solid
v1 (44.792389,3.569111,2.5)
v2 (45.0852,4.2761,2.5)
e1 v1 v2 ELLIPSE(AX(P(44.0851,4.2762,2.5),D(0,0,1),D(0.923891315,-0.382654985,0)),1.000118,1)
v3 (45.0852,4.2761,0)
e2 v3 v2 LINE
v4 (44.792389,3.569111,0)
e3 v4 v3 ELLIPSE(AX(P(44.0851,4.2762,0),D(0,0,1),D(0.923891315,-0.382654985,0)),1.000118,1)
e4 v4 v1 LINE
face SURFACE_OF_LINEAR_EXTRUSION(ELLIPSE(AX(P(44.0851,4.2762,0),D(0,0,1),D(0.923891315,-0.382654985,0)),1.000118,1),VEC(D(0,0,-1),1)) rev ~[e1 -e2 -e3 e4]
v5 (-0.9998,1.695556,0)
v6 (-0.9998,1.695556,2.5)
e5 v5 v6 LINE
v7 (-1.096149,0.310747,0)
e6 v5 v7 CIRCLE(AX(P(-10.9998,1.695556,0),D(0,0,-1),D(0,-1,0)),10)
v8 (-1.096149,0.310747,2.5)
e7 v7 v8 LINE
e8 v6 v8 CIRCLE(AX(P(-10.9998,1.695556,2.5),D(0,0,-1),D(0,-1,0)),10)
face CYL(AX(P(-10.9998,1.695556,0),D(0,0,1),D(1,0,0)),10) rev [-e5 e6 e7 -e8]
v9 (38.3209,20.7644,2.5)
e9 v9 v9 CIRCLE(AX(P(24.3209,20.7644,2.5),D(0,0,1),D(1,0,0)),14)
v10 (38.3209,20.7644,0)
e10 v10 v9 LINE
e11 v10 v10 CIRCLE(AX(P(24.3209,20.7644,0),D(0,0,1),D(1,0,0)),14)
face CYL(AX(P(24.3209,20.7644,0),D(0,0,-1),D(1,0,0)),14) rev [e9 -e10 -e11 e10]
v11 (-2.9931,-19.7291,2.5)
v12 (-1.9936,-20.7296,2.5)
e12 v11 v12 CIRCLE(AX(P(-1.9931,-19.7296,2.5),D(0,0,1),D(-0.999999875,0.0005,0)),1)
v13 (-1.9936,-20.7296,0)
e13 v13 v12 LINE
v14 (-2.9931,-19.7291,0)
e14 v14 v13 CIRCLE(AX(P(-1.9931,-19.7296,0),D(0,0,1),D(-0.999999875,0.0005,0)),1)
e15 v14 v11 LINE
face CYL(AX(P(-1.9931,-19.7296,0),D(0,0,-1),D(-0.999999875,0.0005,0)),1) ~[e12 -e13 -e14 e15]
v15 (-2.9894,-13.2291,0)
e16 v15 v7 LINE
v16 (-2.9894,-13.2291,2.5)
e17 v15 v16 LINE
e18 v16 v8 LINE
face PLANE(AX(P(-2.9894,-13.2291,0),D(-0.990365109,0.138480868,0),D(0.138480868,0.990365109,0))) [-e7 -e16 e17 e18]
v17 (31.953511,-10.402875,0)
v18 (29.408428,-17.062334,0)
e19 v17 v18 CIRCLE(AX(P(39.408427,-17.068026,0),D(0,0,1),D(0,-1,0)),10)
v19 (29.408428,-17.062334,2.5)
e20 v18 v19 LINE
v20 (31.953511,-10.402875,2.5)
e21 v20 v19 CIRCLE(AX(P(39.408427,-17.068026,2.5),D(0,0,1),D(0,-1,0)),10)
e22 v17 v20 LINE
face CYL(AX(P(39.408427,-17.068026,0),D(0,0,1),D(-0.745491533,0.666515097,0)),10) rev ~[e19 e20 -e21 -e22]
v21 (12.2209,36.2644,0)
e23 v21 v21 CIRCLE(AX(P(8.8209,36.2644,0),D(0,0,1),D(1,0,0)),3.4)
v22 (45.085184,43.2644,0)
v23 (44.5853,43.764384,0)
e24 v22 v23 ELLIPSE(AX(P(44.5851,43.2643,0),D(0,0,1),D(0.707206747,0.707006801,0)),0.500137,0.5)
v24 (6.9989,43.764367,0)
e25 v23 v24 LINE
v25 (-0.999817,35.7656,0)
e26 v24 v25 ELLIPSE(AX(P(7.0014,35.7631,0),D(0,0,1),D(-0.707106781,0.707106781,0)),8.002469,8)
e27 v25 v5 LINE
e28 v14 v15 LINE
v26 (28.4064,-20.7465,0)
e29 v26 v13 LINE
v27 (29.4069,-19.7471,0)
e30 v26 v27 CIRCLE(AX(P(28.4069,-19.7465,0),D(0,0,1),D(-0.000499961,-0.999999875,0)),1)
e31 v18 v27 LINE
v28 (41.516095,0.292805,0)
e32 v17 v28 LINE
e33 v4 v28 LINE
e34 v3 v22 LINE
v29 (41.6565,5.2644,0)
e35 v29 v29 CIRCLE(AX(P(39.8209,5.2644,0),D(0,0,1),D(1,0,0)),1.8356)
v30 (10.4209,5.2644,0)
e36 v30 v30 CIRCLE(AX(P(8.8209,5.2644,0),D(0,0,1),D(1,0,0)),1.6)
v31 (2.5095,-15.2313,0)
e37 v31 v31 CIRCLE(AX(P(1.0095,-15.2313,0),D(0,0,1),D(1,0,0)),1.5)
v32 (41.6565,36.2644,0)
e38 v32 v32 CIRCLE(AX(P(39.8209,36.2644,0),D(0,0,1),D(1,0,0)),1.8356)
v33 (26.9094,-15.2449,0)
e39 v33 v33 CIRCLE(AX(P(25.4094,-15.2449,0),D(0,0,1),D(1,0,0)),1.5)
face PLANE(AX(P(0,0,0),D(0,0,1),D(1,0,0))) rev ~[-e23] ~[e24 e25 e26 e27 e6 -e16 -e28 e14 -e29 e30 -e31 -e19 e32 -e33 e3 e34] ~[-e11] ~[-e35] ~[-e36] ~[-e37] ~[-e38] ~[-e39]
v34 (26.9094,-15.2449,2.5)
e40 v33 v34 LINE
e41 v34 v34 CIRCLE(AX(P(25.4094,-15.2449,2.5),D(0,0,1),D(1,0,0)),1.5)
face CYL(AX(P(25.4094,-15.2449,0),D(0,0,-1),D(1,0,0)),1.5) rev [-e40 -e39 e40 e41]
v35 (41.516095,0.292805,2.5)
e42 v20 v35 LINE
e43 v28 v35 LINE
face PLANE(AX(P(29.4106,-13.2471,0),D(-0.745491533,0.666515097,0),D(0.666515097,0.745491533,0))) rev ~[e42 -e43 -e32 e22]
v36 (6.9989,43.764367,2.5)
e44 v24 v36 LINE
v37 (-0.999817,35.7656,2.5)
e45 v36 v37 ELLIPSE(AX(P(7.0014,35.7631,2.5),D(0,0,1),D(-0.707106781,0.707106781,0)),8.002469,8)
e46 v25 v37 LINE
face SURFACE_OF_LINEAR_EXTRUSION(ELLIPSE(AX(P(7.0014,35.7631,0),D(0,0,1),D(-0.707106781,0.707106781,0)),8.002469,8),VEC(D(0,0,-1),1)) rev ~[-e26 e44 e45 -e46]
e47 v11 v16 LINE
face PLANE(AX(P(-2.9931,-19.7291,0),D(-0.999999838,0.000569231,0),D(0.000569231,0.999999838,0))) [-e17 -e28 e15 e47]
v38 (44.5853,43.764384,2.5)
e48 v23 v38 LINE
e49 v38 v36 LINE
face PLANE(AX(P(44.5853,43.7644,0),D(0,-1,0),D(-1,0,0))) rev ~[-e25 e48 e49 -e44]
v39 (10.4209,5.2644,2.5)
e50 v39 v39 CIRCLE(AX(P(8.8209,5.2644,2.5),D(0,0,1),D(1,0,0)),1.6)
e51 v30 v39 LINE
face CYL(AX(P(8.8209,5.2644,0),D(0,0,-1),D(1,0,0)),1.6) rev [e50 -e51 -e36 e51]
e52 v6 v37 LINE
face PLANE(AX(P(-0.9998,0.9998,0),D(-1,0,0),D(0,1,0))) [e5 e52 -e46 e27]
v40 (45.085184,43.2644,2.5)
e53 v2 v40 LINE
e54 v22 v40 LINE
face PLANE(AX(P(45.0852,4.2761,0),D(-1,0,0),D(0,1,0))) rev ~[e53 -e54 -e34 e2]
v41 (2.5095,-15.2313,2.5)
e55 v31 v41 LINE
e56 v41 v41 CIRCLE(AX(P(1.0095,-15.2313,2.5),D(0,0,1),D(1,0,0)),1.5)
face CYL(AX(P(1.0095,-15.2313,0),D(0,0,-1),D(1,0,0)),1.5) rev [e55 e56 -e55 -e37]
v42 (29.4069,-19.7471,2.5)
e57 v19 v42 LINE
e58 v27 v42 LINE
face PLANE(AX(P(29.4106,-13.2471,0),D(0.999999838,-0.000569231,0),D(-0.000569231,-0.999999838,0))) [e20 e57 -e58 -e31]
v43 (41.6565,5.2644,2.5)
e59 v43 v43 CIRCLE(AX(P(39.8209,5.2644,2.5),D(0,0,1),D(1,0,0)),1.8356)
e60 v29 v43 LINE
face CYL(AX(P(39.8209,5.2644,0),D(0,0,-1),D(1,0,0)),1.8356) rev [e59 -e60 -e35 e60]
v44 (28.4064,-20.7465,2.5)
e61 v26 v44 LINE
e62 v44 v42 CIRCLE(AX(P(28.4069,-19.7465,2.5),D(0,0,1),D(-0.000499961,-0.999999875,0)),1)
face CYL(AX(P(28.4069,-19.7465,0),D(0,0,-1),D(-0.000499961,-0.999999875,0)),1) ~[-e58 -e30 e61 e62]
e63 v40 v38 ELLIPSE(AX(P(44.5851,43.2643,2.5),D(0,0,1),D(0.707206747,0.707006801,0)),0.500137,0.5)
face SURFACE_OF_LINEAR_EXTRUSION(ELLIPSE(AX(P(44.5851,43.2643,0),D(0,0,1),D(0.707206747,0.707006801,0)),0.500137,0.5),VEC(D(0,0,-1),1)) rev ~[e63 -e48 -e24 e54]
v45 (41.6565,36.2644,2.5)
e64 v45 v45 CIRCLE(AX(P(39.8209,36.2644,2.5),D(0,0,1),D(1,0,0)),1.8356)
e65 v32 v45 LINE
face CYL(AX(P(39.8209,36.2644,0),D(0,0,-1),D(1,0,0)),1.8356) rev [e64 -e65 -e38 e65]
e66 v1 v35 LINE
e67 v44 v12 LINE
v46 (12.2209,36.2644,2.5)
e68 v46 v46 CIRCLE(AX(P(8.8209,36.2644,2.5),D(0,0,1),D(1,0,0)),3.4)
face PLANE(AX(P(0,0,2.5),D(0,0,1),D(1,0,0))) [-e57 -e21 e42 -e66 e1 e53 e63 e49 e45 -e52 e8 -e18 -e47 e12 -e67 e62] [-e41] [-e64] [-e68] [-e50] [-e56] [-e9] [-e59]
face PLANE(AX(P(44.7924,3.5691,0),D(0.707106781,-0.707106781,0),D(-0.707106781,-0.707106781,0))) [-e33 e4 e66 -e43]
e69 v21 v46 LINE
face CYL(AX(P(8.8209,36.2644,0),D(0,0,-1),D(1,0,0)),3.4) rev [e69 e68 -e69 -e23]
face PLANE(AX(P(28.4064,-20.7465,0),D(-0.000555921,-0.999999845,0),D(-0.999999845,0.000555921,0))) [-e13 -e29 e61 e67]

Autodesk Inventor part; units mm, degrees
ref_plane "YZ Plane" through (0, 0, 0) normal (1, 0, 0) x (0, 1, 0)
ref_plane "XZ Plane" through (0, 0, 0) normal (0, 1, 0) x (-1, 0, 0)
ref_plane "XY Plane" through (0, 0, 0) normal (0, 0, 1) x (1, 0, 0)
sketch "Szkic1" plane through (0, 0, 0) normal (0, 0, 1) x (1, 0, 0)
  line L0 (-0.9998, 0.9998) -> (-0.9998, 4.2541)
  ellipse E0 centre (0.0003, 1.0002) end of major axis (-0.707, 0.2928) minor radius 1 (-0.9998, 0.9998) -> (0, 0) ccw
  line L1 (0, 0) -> (40.8091, 0)
  ellipse E1 centre (40.809, 1.0002) end of major axis (41.1917, 0.0761) minor radius 1 (40.8091, 0) -> (41.5161, 0.2928) ccw
  line L2 (44.7924, 3.5691) -> (41.5161, 0.2928)
  ellipse E2 centre (44.0851, 4.2762) end of major axis (45.0091, 3.8935) minor radius 1 (44.7924, 3.5691) -> (45.0852, 4.2761) ccw
  line L3 (45.0852, 4.2761) -> (45.0852, 43.2644)
  ellipse E3 centre (44.5851, 43.2643) end of major axis (44.9388, 43.6179) minor radius 0.5 (45.0852, 43.2644) -> (44.5853, 43.7644) ccw
  line L4 (44.5853, 43.7644) -> (6.9989, 43.7644)
  ellipse E4 centre (7.0014, 35.7631) end of major axis (1.3428, 41.4217) minor radius 8 (6.9989, 43.7644) -> (-0.9998, 35.7656) ccw
  line L5 (-0.9998, 7.3746) -> (-0.9998, 35.7656)
  circle A0 centre (24.3209, 20.7644) radius 14
  circle A1 centre (8.8209, 36.2644) radius 3.4
  circle A2 centre (39.8209, 36.2644) radius 1.8356
  circle A3 centre (39.8209, 5.2644) radius 1.8356
  circle A4 centre (8.8209, 5.2644) radius 1.6
  line L6 (-0.9998, 7.3746) -> (-0.9998, 4.2541)
  circle A5 centre (25.4094, -15.2449) radius 1.5
  circle A6 centre (1.0095, -15.2313) radius 1.5
  arc A7 (28.4064, -20.7465) -> (29.4069, -19.7471) centre (28.4069, -19.7465) ccw
  line L7 (29.4106, -13.2471) -> (29.4069, -19.7471)
  line L8 (27.9114, -11.7463) -> (29.4106, -13.2471)
  line L9 (-1.4886, -11.7299) -> (27.9114, -11.7463)
  line L10 (-2.9894, -13.2291) -> (-1.4886, -11.7299)
  line L11 (-2.9931, -19.7291) -> (-2.9894, -13.2291)
  arc A8 (-2.9931, -19.7291) -> (-1.9936, -20.7296) centre (-1.9931, -19.7296) ccw
  line L12 (28.4064, -20.7465) -> (-1.9936, -20.7296)
  line L13 (-2.9894, -13.2291) -> (-0.9998, 0.9998)
  line L14 (29.4106, -13.2471) -> (41.5161, 0.2928)
  point P0 (0, 0)
  point P1 (0, 0)
  dimension "d15" = 0.5001
  dimension "d16" = 1.0002
  dimension "d17" = 1.0002
  dimension "d18" = 8.0024
  dimension "d19" = 1.0003
  dimension "d20" = 0.5
  dimension "d21" = 1
  dimension "d22" = 1
  dimension "d23" = 8
  dimension "d24" = 1
  dimension "d0" = 32.4
  dimension "d1" = 9
  dimension "d2" = 3.5
  dimension "d3" = 3.5
  dimension "d4" = 4
  dimension "d5" = 4
  dimension "d6" = 1
  dimension "d7" = 3
  dimension "d8" = 135
  dimension "d9" = 4.5962
  dimension "d10" = 27.5065
  dimension "d11" = 3.6713
  dimension "d12" = 28
  dimension "d13" = 6.8
  dimension "d14" = 3.2
  dimension "d25" = 135
  dimension "d26" = 46.0851
  dimension "d27" = 43.7644
  dimension "d28" = 45.0852
  dimension "d29" = 29.1492
  dimension "d30" = 43.7644
  dimension "d31" = 4.2761
  dimension "d32" = 3.5691
  dimension "d33" = 5.2644
  dimension "d34" = 26.6344
  dimension "d35" = 5.2644
  dimension "d36" = 4.7141
  dimension "d37" = 20.7644
  dimension "d38" = 26.6344
  dimension "d39" = 20.7644
  dimension "d40" = 26.6344
  dimension "d41" = 36.2644
  dimension "d42" = 48.5547
  dimension "d43" = 36.2644
  dimension "d44" = 26.6344
  dimension "d45" = 45.0852
  dimension "d46" = 29.1492
  dimension "d47" = 35.0709
  dimension "d48" = 32.8644
  dimension "d55" = 11.8
  dimension "d56" = 17
extrude "Wyciągnięcie proste1" add sketch "Szkic1" along normal blind 2.5
fillet "Zaokrąglenie1" radius 10 3 edges at (-2.9931, -19.7291, 1.25) (-0.9998, 0.9998, 1.25) (29.4106, -13.2471, 1.25)
properties part number "3DP_ABS_E3D_Titan_Mounting_Plate"
